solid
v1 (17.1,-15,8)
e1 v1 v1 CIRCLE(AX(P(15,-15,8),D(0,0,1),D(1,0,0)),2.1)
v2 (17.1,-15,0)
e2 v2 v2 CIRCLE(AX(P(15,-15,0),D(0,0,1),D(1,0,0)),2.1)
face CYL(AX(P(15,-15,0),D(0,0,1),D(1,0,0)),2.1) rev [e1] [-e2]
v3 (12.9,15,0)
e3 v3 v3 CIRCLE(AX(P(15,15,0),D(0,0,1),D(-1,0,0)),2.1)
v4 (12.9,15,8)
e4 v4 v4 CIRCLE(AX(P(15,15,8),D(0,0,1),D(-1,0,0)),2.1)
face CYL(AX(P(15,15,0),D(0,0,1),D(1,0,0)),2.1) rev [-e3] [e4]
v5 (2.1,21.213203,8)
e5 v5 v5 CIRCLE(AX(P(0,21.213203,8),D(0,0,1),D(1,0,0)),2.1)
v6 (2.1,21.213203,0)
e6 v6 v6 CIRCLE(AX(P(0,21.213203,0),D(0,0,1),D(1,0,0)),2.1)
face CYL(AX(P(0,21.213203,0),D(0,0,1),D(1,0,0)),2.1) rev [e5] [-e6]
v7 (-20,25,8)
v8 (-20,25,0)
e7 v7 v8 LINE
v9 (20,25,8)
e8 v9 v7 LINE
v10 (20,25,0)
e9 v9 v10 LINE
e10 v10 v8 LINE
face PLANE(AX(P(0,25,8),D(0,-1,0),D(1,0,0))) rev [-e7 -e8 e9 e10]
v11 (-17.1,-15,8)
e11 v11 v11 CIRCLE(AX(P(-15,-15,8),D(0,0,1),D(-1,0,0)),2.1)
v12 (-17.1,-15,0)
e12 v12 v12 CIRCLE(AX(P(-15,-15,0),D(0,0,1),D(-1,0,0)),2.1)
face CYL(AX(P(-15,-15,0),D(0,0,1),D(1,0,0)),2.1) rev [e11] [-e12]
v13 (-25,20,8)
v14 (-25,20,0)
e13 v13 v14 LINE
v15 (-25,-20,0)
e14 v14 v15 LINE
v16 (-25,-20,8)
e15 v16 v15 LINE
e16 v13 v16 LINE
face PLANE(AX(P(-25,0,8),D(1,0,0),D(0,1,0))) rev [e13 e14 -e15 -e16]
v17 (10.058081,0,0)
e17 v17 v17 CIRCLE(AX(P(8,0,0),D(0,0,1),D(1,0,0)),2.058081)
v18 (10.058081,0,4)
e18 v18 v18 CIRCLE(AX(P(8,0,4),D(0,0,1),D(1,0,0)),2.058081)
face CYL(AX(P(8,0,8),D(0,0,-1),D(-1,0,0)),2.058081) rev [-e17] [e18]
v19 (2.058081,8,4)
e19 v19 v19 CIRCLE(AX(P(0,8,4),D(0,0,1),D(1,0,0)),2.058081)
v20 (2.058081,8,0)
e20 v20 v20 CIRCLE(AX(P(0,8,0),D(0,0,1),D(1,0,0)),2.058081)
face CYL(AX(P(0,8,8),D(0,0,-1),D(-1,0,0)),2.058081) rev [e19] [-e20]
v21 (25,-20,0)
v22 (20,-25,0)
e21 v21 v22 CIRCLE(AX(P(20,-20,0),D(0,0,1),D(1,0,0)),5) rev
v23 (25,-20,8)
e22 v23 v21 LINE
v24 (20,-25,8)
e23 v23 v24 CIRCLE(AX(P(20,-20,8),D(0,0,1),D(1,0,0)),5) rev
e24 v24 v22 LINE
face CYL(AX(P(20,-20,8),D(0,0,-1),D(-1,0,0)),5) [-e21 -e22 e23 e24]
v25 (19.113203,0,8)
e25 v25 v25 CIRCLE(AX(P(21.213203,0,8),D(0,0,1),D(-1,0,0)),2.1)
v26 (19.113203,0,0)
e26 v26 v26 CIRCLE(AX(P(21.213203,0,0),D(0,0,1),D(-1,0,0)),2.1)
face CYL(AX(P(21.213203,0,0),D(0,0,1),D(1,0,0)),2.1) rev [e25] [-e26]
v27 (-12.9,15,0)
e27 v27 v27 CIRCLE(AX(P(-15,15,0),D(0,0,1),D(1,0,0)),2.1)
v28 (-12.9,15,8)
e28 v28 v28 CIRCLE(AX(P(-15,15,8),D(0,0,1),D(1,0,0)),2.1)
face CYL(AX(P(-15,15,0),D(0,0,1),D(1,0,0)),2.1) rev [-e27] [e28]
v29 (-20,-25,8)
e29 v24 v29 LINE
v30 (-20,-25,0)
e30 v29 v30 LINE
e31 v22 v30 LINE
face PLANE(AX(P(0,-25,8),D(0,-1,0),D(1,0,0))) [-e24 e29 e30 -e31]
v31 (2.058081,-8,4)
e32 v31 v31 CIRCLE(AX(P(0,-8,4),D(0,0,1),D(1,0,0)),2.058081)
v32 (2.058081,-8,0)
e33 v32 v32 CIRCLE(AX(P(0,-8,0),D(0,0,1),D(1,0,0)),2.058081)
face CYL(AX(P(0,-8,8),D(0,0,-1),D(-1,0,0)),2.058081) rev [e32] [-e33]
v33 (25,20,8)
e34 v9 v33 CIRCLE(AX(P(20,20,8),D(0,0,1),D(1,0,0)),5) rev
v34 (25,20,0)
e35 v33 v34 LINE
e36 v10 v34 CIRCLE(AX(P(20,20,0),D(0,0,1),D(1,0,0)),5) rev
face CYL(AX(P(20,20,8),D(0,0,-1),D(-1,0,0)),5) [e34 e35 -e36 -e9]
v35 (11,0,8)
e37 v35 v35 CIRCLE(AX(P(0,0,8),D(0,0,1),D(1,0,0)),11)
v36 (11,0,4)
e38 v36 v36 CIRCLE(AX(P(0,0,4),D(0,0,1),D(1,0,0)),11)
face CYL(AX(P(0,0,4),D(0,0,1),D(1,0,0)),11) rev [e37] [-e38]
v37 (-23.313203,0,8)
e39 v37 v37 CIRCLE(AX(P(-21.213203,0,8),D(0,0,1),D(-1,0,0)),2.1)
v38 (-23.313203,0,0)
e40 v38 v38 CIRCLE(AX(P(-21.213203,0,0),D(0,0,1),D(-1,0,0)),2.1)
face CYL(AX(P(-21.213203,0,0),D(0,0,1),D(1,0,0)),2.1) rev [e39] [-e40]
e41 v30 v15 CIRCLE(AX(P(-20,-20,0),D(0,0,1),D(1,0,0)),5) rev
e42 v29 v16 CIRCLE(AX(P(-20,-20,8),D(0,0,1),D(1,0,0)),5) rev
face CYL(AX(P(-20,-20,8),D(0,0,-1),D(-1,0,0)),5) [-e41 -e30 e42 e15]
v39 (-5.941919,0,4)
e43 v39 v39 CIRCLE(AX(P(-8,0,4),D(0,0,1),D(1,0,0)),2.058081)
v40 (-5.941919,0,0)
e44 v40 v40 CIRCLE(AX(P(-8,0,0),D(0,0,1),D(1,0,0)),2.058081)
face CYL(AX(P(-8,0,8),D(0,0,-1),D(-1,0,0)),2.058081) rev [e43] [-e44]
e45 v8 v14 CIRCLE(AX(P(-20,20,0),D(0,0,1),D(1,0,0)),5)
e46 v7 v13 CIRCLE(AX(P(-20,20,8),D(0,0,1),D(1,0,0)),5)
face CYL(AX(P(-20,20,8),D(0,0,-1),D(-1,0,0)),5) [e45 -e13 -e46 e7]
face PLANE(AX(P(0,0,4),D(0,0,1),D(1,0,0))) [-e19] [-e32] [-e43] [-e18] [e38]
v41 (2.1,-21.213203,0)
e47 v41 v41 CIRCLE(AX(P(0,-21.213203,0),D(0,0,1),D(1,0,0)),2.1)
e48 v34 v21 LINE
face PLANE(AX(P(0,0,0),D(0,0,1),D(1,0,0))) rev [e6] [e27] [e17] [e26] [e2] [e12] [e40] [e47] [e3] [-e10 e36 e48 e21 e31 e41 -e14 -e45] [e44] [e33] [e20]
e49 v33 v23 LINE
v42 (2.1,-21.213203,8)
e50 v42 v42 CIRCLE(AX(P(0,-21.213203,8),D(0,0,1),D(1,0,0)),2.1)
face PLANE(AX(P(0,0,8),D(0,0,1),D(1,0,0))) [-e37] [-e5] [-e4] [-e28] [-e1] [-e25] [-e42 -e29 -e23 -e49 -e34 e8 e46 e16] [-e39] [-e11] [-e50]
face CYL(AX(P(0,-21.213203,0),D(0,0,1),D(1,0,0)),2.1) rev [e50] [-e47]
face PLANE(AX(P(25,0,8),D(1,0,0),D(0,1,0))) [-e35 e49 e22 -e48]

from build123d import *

# Parameters (mm, degrees)
SKETCH_1_R          = 14.149308539
SKETCH_1_R_2        = 2.058081242
EXTRUDE_1_DEPTH     = 8
SKETCH_2_R          = 2.1
CUT_EXTRUDE_1_DEPTH = 37.249137921
SKETCH_3_R          = 11
CUT_EXTRUDE_2_DEPTH = 4


with BuildPart() as part:
    # 草图1 → 凸台-拉伸1 (new body)
    # profile 1 of 2: a face of its own
    with BuildSketch(Plane.XY):
        with BuildLine():
            ThreePointArc((20, 25), (23.535533906, 23.535533906), (25, 20))
            Line((25, 20), (25, -20))
            ThreePointArc((25, -20), (23.535533906, -23.535533906), (20, -25))
            Line((20, -25), (-20, -25))
            ThreePointArc((-20, -25), (-23.535533906, -23.535533906), (-25, -20))
            Line((-25, -20), (-25, 20))
            ThreePointArc((-25, 20), (-23.535533906, 23.535533906), (-20, 25))
            Line((-20, 25), (20, 25))
        make_face()
        Circle(SKETCH_1_R, mode=Mode.SUBTRACT)
    # profile 2 of 2: a face of its own
    with BuildSketch(Plane.XY):
        Circle(SKETCH_1_R)
        with Locations((-8, 0)):
            Circle(SKETCH_1_R_2, mode=Mode.SUBTRACT)
        with Locations((0, -8)):
            Circle(SKETCH_1_R_2, mode=Mode.SUBTRACT)
        with Locations((8, 0)):
            Circle(SKETCH_1_R_2, mode=Mode.SUBTRACT)
        with Locations((0, 8)):
            Circle(SKETCH_1_R_2, mode=Mode.SUBTRACT)
    extrude(amount=EXTRUDE_1_DEPTH)

    # 草图2 → 切除-拉伸1 (cut, through all)
    with BuildSketch(Plane.XY.offset(8)):
        with Locations((-15, 15)):
            Circle(SKETCH_2_R)
        with Locations(Location((-15, -15, 0), (0, 0, 180))):
            Circle(SKETCH_2_R)
        with Locations((15, -15)):
            Circle(SKETCH_2_R)
        with Locations(Location((15, 15, 0), (0, 0, 180))):
            Circle(SKETCH_2_R)
        with Locations(Location((21.213203436, 0, 0), (0, 0, 180))):
            Circle(SKETCH_2_R)
        with Locations((0, 21.213203436)):
            Circle(SKETCH_2_R)
        with Locations(Location((-21.213203436, 0, 0), (0, 0, 180))):
            Circle(SKETCH_2_R)
        with Locations((0, -21.213203436)):
            Circle(SKETCH_2_R)
    extrude(amount=-CUT_EXTRUDE_1_DEPTH, mode=Mode.SUBTRACT)

    # 草图3 → 切除-拉伸2 (cut)
    with BuildSketch(Plane.XY.offset(8)):
        Circle(SKETCH_3_R)
    extrude(amount=-CUT_EXTRUDE_2_DEPTH, mode=Mode.SUBTRACT)


solid = part.part
